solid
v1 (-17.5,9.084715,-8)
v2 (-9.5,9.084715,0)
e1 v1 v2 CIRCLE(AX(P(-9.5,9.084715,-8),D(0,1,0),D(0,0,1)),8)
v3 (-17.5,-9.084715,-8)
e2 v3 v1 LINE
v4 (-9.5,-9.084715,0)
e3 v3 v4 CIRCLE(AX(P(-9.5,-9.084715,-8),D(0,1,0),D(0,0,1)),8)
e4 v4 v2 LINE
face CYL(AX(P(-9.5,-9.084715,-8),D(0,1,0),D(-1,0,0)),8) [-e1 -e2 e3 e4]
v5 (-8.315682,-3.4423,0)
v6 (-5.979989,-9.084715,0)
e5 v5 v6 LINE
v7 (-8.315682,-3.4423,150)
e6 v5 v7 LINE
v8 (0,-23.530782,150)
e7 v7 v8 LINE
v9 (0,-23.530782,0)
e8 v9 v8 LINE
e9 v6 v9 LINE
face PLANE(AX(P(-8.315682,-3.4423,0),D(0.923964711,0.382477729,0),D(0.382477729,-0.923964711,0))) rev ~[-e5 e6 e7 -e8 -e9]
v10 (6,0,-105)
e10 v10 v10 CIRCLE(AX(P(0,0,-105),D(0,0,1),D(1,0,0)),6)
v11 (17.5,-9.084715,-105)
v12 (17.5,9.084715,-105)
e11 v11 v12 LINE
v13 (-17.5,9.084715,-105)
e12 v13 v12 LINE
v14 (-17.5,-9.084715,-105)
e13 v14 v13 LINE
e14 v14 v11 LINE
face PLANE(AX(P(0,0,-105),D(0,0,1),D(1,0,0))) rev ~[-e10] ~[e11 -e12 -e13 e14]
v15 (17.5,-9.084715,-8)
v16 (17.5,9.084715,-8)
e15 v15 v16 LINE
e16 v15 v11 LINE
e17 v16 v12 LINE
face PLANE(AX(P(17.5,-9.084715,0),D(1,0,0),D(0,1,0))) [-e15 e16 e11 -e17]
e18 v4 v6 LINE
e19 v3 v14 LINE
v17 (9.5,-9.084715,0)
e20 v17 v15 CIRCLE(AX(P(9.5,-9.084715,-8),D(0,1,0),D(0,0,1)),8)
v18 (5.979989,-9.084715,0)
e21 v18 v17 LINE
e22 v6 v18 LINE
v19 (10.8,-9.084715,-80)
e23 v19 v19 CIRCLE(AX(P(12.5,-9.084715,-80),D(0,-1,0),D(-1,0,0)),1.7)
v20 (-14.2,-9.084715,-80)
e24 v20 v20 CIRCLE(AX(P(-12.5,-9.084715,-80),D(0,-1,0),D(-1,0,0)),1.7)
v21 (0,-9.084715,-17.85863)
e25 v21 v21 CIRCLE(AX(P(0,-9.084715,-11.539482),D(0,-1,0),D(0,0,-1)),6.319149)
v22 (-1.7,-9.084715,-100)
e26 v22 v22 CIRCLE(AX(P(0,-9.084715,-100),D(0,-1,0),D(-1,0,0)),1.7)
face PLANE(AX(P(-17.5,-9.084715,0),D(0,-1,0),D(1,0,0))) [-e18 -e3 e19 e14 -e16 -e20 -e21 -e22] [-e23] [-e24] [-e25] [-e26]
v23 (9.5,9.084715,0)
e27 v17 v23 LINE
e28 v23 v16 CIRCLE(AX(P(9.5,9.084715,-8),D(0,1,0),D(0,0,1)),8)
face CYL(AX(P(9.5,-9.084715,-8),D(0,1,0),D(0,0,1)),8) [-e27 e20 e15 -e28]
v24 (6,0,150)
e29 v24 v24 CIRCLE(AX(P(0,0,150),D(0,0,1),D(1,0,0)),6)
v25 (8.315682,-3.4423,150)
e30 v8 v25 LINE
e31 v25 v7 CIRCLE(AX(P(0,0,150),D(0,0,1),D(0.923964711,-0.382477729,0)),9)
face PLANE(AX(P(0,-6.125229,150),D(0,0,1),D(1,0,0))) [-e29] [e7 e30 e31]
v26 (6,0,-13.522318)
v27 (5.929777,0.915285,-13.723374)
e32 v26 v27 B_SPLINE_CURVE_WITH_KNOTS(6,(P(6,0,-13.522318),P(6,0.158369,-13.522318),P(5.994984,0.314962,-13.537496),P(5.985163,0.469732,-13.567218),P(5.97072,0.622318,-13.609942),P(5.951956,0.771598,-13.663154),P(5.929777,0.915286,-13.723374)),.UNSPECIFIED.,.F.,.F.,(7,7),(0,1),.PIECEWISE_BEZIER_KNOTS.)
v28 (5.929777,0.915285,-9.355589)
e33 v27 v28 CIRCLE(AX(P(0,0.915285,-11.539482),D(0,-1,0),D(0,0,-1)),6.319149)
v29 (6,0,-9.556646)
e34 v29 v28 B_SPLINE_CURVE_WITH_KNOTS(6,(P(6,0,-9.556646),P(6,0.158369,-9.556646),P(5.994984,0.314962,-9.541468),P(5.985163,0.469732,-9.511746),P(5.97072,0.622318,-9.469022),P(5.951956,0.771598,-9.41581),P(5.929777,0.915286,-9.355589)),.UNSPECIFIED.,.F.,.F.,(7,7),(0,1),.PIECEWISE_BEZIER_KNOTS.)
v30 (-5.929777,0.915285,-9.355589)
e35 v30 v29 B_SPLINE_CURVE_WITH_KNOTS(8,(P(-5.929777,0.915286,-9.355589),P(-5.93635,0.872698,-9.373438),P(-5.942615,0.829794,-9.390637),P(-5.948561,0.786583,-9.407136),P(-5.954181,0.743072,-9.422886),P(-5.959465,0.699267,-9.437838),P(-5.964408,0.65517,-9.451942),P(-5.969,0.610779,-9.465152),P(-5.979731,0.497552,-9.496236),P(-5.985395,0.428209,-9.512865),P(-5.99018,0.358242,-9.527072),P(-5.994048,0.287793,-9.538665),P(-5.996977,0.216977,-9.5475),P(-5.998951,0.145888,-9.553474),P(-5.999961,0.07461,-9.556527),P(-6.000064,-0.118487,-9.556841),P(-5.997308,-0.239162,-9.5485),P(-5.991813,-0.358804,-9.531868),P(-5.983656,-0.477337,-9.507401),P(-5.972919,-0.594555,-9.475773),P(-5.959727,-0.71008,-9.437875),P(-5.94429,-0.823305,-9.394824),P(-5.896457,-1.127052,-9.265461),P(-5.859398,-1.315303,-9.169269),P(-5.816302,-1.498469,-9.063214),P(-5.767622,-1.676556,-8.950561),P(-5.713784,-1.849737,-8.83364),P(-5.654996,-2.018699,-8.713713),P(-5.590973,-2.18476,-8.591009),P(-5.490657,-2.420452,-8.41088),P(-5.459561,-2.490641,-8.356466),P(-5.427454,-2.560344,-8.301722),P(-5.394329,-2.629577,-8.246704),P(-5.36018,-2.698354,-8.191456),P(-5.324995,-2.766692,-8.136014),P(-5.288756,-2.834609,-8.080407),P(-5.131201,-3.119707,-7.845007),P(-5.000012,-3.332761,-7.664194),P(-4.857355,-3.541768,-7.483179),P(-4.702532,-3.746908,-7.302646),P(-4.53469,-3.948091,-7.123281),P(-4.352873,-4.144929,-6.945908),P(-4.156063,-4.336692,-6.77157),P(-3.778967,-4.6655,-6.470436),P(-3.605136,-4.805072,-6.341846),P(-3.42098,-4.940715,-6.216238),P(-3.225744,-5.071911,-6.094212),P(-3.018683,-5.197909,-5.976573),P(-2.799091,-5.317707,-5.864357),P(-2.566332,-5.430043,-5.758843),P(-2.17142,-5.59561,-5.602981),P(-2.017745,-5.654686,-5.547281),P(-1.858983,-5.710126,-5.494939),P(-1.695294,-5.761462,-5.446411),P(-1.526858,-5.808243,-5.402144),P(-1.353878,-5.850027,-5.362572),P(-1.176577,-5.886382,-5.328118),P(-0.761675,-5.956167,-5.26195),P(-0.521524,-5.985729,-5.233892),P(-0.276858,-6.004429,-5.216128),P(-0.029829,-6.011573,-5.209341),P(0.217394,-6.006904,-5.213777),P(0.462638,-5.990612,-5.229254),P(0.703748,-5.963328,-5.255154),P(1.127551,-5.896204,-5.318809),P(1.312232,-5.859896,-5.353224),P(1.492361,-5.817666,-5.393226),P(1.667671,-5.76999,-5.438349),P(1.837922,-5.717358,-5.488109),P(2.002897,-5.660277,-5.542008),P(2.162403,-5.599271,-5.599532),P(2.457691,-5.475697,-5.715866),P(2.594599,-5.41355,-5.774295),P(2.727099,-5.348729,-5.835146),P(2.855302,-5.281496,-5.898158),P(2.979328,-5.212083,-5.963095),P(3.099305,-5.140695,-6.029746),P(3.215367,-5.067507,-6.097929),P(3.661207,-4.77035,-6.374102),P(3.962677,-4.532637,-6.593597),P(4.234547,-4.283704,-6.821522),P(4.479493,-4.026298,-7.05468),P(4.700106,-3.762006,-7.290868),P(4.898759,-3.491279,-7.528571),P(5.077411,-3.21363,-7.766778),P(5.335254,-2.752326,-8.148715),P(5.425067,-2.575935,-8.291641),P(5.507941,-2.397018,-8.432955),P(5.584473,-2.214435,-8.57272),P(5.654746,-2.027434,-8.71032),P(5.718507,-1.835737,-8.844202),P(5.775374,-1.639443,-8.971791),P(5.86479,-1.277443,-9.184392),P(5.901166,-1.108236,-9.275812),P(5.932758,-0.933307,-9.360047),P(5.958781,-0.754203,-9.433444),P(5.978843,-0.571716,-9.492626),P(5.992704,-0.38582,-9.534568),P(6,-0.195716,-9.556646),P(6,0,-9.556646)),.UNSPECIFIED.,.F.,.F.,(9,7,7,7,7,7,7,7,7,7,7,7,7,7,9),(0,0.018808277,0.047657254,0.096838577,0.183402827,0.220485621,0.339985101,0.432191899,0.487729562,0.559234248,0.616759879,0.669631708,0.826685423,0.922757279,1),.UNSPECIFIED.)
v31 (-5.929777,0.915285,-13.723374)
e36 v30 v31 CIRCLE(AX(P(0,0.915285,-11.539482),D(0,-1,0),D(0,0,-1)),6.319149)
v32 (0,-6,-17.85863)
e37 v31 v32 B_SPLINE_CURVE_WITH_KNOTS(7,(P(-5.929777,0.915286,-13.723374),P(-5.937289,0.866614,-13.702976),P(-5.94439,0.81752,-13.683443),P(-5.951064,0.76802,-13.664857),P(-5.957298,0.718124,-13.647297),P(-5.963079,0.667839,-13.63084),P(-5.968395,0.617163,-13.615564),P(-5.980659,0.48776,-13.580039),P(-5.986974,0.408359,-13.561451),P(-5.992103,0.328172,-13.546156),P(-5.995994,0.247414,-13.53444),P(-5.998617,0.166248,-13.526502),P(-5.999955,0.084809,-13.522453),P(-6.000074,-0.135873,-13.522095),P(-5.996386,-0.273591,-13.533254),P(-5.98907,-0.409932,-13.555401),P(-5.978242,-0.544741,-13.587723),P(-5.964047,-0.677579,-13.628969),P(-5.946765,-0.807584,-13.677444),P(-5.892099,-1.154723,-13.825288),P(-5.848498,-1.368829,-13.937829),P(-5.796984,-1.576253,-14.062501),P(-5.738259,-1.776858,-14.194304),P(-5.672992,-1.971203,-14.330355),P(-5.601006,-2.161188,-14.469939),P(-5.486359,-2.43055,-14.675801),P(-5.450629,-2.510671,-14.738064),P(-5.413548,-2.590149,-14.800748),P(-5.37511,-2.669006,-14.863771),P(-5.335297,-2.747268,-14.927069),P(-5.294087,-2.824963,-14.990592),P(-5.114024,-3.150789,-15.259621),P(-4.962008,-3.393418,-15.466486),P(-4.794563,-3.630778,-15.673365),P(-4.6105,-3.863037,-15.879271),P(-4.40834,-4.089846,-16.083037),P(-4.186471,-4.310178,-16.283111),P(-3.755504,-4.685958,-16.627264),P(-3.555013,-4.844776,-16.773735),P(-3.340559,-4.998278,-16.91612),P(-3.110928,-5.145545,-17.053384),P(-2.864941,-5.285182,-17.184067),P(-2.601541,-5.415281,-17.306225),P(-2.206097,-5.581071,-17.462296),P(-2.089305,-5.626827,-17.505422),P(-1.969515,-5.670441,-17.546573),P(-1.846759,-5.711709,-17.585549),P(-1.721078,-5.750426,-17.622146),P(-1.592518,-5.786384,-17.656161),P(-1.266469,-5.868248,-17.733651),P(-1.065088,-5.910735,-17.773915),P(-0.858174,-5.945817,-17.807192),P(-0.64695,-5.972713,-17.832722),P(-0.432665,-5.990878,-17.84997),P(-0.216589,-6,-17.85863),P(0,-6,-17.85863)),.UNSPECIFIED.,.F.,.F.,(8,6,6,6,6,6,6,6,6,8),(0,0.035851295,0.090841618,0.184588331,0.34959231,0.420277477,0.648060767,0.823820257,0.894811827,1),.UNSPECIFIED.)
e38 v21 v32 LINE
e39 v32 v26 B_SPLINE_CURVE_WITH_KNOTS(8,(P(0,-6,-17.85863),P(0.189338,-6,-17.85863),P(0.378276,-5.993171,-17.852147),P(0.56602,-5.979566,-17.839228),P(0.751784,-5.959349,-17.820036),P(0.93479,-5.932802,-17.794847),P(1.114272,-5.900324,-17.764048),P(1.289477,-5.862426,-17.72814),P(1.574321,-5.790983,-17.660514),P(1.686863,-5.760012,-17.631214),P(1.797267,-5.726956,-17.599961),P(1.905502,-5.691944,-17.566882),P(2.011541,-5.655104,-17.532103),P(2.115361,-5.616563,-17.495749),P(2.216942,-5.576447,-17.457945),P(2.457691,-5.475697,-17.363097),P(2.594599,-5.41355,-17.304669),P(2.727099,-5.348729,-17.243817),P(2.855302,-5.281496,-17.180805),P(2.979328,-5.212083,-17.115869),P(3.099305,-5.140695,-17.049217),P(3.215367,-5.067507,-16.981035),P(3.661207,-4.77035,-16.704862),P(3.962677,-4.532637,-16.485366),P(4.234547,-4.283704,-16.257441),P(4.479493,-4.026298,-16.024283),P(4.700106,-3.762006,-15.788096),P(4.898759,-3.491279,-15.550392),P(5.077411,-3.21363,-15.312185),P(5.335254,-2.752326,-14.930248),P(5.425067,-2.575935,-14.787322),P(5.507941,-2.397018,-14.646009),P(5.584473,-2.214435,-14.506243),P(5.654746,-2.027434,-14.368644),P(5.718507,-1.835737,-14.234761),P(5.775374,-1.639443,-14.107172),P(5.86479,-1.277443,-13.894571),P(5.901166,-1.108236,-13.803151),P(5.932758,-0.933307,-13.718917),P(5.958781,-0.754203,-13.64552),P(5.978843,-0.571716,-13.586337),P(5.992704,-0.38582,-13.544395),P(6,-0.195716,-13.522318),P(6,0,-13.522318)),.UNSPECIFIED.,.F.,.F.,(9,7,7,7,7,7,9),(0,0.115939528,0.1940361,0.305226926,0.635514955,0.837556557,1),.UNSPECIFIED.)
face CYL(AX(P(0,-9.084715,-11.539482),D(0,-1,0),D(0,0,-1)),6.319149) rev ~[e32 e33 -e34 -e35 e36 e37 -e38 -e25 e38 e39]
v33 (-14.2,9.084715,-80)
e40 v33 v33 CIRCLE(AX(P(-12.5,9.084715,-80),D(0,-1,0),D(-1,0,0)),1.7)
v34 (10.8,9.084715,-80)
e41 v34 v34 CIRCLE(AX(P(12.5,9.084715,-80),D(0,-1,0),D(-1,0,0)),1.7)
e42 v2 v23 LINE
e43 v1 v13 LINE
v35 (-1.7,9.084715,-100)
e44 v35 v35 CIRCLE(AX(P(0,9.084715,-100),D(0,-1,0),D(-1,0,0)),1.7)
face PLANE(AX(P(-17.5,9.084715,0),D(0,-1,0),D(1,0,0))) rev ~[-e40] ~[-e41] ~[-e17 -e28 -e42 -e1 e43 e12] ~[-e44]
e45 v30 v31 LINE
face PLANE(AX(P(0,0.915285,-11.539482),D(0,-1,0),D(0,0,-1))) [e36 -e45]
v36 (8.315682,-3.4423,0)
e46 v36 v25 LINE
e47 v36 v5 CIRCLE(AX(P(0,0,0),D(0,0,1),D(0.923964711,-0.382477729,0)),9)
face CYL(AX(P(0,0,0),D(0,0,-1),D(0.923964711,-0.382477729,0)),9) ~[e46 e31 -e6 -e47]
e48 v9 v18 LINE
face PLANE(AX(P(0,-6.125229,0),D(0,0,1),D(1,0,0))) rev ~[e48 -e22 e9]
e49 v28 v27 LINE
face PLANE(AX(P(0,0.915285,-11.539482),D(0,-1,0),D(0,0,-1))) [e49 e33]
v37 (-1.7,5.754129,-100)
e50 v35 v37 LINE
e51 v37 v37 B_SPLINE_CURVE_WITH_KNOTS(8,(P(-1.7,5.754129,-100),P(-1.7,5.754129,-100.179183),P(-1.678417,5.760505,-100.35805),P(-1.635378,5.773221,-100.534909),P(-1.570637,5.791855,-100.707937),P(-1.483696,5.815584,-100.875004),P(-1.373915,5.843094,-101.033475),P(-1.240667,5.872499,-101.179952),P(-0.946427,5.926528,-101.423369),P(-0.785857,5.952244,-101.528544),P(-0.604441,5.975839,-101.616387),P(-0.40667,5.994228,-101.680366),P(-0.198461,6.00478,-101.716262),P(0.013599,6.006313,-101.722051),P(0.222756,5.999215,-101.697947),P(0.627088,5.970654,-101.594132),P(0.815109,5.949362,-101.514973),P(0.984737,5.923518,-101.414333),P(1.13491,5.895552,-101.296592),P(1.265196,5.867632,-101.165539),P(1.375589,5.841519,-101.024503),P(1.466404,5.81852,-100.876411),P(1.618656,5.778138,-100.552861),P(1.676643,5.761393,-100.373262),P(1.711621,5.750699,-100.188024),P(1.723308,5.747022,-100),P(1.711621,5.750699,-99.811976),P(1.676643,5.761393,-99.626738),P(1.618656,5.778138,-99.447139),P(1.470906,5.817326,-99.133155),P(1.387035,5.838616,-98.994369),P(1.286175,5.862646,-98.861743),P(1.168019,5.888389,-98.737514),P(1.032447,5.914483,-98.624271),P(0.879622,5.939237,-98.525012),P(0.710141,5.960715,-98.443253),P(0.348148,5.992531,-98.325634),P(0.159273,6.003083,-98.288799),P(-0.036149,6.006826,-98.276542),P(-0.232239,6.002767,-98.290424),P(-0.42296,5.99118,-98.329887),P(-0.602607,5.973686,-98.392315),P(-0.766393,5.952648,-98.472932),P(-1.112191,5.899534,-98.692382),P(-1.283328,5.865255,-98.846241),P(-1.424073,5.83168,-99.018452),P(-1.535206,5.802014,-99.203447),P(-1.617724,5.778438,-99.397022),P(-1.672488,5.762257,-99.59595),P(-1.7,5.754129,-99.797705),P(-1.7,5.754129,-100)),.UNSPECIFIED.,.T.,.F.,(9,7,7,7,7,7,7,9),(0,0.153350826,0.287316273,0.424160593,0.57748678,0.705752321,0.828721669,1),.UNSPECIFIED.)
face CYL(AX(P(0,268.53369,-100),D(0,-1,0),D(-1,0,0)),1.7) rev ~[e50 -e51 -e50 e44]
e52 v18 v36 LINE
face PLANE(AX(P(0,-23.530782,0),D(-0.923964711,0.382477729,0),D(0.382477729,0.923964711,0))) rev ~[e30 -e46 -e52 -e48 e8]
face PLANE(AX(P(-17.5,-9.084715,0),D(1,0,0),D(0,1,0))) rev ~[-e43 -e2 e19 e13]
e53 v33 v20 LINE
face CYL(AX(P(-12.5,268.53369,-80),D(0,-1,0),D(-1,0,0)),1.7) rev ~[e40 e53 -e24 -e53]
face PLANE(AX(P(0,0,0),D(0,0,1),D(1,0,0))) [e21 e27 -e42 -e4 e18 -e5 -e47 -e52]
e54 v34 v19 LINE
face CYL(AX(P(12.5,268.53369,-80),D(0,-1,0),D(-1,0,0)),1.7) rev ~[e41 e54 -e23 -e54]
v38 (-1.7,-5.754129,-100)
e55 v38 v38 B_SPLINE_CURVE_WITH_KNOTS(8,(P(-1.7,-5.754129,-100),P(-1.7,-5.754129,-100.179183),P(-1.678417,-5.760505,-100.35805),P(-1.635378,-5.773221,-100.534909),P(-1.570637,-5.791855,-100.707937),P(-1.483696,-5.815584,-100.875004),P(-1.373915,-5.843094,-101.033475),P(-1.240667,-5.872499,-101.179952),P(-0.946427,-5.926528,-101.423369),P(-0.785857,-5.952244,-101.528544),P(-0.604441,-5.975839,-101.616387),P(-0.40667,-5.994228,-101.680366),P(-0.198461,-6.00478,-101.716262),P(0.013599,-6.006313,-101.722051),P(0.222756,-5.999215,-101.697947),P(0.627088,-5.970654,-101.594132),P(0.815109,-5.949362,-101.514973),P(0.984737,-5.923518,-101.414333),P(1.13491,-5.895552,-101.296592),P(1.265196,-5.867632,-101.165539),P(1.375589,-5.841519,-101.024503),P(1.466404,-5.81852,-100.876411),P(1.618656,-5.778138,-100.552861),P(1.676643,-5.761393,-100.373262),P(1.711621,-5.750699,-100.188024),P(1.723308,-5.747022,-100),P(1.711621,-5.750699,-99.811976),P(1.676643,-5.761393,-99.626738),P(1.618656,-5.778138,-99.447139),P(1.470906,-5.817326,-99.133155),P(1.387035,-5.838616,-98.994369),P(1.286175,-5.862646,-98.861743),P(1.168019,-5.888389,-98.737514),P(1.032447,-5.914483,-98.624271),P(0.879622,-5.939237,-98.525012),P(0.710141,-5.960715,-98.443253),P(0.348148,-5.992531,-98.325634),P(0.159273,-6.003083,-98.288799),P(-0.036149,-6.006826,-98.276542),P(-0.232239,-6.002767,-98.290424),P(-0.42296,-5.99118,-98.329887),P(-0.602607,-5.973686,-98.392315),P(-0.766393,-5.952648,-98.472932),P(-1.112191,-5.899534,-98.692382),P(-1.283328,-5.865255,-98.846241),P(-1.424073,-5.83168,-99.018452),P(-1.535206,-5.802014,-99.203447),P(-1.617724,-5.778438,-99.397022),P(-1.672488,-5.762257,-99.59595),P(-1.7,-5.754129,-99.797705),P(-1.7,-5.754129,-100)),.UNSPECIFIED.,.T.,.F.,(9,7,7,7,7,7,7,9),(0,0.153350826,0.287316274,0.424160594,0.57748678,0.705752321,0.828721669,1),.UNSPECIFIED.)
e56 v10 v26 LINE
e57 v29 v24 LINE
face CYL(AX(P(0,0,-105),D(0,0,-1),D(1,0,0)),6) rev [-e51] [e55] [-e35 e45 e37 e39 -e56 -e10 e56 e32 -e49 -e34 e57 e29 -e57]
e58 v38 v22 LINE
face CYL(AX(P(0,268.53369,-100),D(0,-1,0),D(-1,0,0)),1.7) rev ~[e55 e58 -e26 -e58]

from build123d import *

# Parameters (mm, degrees)
IZIM1_R                     = 6
Y_KSEKLIK_EKSTR_ZYON1_DEPTH = 150
IZIM2_W                     = 35
IZIM2_H                     = 18.169429668
Y_KSEKLIK_EKSTR_ZYON2_DEPTH = 105
RADYUS1_R                   = 8
M3_BO_LUKLU_DELIK1_D        = 3.4
KES_EKSTR_ZYON1_START       = -105
IZIM8_R                     = 6
KES_EKSTR_ZYON1_DEPTH       = 105
IZIM9_R                     = 6.319148562
KES_EKSTR_ZYON2_DEPTH       = 10


with BuildPart() as part:
    # Çizim1 → Yükseklik-Ekstrüzyon1 (new body)
    with BuildSketch(Plane.XY):
        with BuildLine():
            Line((0, -23.530781845), (8.315682398, -3.44229956))
            ThreePointArc((8.315682398, -3.44229956), (0, 9), (-8.315682398, -3.44229956))
            Line((-8.315682398, -3.44229956), (0, -23.530781845))
        make_face()
        Circle(IZIM1_R, mode=Mode.SUBTRACT)
    extrude(amount=Y_KSEKLIK_EKSTR_ZYON1_DEPTH)

    # Çizim2 → Yükseklik-Ekstrüzyon2 (add)
    with BuildSketch(Plane.XY):
        Rectangle(IZIM2_W, IZIM2_H)
    extrude(amount=-Y_KSEKLIK_EKSTR_ZYON2_DEPTH)

    # Radyus1
    radyus1_edges = [part.edges().sort_by_distance(p)[0] for p in [
        (17.5, 0, 0),
        (-17.5, 0, 0),
    ]]
    fillet(radyus1_edges, radius=RADYUS1_R)

    # M3 Boşluklu Delik1 (through all)
    with Locations(Plane(origin=(0, 9.084714834, 0), x_dir=(1, 0, 0), z_dir=(0, 1, 0))):
        with Locations((-12.5, 80), (12.5, 80), (0, 100)):
            Hole(M3_BO_LUKLU_DELIK1_D / 2)

    # Çizim8 → Kes-Ekstrüzyon1 (cut)
    with BuildSketch(Plane.XY.offset(KES_EKSTR_ZYON1_START)):
        Circle(IZIM8_R)
    extrude(amount=KES_EKSTR_ZYON1_DEPTH, mode=Mode.SUBTRACT)

    # Çizim9 → Kes-Ekstrüzyon2 (cut)
    with BuildSketch(Plane.XZ.offset(9.084714834)):
        with Locations(Location((0, -11.539481772, 0), (0, 0, 270))):
            Circle(IZIM9_R)
    extrude(amount=-KES_EKSTR_ZYON2_DEPTH, mode=Mode.SUBTRACT)


solid = part.part
